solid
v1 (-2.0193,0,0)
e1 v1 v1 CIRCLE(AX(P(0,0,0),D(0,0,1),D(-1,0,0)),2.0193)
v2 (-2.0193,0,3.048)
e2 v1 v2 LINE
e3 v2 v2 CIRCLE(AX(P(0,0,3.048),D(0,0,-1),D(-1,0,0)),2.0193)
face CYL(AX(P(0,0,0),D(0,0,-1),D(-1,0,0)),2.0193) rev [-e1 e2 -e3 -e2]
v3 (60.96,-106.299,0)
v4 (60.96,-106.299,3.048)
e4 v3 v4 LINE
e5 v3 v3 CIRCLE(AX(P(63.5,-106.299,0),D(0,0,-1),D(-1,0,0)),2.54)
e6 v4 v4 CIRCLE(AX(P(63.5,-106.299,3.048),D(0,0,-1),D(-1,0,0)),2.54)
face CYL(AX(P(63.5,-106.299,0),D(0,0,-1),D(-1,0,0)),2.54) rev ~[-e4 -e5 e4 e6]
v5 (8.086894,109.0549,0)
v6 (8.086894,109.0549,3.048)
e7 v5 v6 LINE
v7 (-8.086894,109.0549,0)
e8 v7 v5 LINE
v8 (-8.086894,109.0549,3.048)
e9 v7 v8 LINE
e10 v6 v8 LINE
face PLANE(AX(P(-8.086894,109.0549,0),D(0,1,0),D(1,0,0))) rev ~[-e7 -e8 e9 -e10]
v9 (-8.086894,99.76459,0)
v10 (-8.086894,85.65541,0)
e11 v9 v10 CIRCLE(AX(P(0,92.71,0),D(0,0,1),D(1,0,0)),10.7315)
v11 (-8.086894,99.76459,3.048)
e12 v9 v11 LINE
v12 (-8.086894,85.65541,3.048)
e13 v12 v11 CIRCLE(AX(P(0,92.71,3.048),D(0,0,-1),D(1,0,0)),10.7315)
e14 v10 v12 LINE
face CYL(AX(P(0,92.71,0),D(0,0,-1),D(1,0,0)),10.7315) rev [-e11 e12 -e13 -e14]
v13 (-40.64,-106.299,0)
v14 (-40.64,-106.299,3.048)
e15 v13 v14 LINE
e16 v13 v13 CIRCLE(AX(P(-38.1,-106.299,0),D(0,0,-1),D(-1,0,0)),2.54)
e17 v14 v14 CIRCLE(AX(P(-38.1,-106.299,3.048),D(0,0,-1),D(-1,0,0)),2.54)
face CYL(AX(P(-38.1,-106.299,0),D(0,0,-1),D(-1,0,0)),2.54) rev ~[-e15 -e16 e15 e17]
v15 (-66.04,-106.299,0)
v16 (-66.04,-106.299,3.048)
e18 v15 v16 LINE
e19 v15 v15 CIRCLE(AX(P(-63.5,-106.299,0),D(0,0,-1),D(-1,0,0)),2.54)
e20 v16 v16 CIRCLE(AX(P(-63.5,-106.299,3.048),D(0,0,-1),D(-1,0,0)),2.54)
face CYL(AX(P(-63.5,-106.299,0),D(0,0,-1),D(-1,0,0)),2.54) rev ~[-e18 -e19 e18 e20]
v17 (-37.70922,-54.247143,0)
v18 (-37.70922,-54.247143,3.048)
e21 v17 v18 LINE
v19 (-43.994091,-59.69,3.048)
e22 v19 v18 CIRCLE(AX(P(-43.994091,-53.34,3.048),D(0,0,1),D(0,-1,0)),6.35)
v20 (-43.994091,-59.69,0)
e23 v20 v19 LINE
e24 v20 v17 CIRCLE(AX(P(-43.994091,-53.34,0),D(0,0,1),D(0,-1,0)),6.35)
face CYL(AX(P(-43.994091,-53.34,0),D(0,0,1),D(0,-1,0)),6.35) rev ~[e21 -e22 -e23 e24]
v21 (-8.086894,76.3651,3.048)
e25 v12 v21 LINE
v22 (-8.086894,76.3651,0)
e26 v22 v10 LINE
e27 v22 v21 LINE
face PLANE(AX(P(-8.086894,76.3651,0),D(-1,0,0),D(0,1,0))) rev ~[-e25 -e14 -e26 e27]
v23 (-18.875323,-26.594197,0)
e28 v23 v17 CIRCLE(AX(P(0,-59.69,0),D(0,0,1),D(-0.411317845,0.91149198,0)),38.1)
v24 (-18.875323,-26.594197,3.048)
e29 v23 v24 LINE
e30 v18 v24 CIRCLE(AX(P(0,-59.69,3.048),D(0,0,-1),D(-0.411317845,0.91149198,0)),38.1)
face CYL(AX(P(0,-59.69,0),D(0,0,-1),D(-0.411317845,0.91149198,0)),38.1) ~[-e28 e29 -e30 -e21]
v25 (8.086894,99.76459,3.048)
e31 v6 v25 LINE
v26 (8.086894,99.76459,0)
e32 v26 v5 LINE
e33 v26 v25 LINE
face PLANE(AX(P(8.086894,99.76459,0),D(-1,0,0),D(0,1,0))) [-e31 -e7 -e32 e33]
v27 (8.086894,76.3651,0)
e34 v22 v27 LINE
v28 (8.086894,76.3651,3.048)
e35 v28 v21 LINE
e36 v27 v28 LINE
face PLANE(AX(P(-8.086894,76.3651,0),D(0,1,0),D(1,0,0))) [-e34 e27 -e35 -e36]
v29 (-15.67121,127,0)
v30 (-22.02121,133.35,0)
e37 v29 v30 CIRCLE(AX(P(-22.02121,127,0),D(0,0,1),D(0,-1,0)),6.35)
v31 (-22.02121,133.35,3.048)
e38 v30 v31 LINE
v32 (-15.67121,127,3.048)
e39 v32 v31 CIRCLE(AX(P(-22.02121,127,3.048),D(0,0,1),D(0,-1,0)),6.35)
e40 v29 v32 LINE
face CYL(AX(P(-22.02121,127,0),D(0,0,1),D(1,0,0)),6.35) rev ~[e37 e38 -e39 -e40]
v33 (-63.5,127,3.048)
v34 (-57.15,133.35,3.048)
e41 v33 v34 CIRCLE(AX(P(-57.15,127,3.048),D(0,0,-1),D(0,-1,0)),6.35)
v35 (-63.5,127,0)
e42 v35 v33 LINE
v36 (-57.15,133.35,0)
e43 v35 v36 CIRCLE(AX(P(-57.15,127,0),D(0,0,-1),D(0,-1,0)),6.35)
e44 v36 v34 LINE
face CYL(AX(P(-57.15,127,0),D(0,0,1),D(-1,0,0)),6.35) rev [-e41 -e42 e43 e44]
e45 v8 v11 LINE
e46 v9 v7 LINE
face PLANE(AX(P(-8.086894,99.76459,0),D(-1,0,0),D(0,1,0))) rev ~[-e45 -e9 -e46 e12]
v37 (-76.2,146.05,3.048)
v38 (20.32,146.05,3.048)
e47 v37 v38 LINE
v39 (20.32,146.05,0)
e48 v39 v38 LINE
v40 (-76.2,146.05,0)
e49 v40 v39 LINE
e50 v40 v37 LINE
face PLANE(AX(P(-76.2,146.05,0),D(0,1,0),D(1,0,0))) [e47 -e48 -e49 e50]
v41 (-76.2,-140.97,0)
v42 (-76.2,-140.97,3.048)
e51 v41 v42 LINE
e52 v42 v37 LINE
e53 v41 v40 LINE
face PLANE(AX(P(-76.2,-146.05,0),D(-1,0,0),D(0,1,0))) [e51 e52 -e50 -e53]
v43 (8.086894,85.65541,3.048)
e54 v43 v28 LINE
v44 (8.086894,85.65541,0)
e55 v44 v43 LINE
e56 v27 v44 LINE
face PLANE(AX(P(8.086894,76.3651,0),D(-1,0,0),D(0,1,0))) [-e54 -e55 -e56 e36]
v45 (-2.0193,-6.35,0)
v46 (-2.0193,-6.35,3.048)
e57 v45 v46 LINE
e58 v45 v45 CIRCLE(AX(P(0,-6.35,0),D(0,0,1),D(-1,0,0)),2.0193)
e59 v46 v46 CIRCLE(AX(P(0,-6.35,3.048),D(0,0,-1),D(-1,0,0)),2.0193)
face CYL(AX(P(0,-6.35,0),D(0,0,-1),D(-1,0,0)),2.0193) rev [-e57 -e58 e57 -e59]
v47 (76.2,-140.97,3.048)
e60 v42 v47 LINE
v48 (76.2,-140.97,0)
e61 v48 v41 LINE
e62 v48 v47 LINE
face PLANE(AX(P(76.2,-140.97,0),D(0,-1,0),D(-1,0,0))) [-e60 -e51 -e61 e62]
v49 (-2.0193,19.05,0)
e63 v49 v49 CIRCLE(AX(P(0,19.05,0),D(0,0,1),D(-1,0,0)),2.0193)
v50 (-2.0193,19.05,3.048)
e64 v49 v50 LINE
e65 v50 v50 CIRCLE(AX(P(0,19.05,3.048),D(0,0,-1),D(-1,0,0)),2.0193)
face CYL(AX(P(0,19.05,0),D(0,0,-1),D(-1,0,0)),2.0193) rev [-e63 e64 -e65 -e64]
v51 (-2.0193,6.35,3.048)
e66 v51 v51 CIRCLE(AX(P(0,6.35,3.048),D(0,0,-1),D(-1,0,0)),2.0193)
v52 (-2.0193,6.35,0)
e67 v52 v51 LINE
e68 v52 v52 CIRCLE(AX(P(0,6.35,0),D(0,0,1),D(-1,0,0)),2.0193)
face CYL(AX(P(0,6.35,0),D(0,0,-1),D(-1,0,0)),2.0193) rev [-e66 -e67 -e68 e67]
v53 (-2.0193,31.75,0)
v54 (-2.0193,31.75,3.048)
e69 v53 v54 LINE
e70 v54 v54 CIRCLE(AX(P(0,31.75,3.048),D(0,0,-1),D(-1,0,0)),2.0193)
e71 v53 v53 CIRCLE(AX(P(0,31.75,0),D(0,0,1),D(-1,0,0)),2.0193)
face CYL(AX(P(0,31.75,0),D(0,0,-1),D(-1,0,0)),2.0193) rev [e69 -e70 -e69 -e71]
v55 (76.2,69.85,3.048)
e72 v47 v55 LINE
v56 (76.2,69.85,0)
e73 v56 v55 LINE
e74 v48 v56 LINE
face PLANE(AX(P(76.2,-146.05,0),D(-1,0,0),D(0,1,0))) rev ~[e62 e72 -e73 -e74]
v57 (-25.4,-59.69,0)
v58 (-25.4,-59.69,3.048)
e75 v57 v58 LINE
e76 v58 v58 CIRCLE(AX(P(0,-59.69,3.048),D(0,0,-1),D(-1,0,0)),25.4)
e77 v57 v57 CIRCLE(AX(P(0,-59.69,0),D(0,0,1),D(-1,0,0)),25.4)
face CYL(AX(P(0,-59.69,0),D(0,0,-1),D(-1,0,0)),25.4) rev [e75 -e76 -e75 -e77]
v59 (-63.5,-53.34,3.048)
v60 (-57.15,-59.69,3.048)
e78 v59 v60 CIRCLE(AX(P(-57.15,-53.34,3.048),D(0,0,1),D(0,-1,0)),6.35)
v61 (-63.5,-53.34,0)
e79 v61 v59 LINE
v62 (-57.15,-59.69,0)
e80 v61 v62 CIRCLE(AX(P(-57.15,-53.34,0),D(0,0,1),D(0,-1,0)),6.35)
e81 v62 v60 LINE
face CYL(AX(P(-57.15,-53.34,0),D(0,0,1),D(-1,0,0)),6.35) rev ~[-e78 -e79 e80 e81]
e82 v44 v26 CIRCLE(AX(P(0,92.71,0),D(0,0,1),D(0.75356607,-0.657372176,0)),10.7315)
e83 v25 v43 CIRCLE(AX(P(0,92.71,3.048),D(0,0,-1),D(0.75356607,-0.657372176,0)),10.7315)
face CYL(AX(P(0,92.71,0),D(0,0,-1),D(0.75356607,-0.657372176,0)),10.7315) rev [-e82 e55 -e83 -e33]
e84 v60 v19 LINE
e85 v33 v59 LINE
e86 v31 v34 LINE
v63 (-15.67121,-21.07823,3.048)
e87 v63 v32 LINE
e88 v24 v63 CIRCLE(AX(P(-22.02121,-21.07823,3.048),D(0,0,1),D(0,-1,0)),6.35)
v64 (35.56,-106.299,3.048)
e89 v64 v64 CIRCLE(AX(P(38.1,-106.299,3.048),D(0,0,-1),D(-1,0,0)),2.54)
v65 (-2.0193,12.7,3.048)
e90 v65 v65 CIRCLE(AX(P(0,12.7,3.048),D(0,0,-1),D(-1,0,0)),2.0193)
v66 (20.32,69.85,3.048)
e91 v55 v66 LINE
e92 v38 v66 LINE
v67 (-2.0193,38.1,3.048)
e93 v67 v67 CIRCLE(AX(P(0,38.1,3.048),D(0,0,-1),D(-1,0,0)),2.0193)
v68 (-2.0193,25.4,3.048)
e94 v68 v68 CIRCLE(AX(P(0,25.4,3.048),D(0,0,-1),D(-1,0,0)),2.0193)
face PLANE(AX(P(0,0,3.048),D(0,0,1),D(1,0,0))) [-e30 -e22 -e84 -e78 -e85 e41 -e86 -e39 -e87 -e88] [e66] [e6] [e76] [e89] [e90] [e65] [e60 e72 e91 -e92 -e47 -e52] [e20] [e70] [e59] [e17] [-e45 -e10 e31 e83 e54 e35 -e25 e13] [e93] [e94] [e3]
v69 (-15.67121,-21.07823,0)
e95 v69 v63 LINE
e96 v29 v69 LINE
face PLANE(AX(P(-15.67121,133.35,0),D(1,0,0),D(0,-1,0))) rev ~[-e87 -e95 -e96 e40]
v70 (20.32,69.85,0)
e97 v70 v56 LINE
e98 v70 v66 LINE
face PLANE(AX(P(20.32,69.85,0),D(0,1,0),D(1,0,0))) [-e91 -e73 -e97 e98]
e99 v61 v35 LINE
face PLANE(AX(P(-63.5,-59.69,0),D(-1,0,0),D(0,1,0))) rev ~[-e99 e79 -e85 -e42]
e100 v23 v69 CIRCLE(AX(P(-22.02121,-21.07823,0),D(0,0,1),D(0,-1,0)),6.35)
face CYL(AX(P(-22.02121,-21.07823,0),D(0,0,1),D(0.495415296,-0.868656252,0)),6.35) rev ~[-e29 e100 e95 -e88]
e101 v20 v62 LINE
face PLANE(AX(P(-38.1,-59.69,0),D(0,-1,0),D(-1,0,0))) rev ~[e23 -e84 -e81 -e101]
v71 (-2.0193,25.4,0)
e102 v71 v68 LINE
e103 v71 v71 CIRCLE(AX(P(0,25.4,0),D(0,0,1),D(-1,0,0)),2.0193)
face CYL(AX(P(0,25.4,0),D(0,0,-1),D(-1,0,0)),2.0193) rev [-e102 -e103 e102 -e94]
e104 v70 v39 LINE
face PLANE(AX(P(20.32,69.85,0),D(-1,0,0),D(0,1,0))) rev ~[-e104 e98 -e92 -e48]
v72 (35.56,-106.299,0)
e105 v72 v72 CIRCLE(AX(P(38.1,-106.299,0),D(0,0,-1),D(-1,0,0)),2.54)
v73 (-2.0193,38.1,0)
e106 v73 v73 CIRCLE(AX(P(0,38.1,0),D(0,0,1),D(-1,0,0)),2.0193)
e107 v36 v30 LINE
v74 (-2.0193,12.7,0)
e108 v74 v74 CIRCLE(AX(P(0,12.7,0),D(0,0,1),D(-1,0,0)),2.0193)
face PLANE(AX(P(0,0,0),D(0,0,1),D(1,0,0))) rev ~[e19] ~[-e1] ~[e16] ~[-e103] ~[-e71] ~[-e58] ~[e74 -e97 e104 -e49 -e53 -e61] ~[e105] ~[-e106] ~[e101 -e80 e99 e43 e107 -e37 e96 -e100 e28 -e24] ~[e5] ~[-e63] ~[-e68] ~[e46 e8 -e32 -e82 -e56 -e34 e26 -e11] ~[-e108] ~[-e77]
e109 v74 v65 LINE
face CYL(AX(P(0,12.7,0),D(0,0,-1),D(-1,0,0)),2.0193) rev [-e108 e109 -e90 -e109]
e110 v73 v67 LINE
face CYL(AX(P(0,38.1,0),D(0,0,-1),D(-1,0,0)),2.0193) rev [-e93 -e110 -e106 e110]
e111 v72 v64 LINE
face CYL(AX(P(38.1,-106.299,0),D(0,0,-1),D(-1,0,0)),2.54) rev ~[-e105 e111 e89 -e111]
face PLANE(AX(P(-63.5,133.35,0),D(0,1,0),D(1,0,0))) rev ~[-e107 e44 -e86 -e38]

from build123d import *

# Parameters (mm, degrees)
SKETCH1_W           = 152.4
SKETCH1_H           = 292.1
BOSS_EXTRUDE1_DEPTH = 3.048
SKETCH2_R           = 25.4
SKETCH2_R_2         = 10.7315
SKETCH2_R_3         = 2.0193
SKETCH2_W           = 16.173788568
SKETCH2_H           = 32.6898
CUT_EXTRUDE1_DEPTH  = 165.761442103
SKETCH4_W           = 55.88
SKETCH4_H           = 76.2
CUT_EXTRUDE2_DEPTH  = 165.761442103
SKETCH5_R           = 2.54
CUT_EXTRUDE3_DEPTH  = 165.761442103
SKETCH6_W           = 152.4
SKETCH6_H           = 5.08
CUT_EXTRUDE4_DEPTH  = 165.761442103
CUT_EXTRUDE5_DEPTH  = 6.35
FILLET1_R           = 6.35


with BuildPart() as part:
    # Sketch1 → Boss-Extrude1 (new body)
    with BuildSketch(Plane.XY):
        Rectangle(SKETCH1_W, SKETCH1_H)
    extrude(amount=BOSS_EXTRUDE1_DEPTH)

    # Sketch2 → Cut-Extrude1 (cut, through all)
    with BuildSketch(Plane.XY):
        with Locations(Location((0, -59.69, 0), (0, 0, 180))):
            Circle(SKETCH2_R)
        with Locations((0, 92.71)):
            Circle(SKETCH2_R_2)
        with Locations(Location((0, 38.1, 0), (0, 0, 180))):
            Circle(SKETCH2_R_3)
        with Locations(Location((0, 31.75, 0), (0, 0, 180))):
            Circle(SKETCH2_R_3)
        with Locations(Location((0, 25.4, 0), (0, 0, 180))):
            Circle(SKETCH2_R_3)
        with Locations(Location((0, 19.05, 0), (0, 0, 180))):
            Circle(SKETCH2_R_3)
        with Locations(Location((0, 12.7, 0), (0, 0, 180))):
            Circle(SKETCH2_R_3)
        with Locations(Location((0, 6.35, 0), (0, 0, 180))):
            Circle(SKETCH2_R_3)
        with Locations(Location((0, 0, 0), (0, 0, 180))):
            Circle(SKETCH2_R_3)
        with Locations(Location((0, -6.35, 0), (0, 0, 180))):
            Circle(SKETCH2_R_3)
        with Locations((0, 92.71)):
            Rectangle(SKETCH2_W, SKETCH2_H)
    extrude(amount=CUT_EXTRUDE1_DEPTH, mode=Mode.SUBTRACT)

    # Sketch4 → Cut-Extrude2 (cut, through all)
    with BuildSketch(Plane.XY):
        with Locations((48.26, 107.95)):
            Rectangle(SKETCH4_W, SKETCH4_H)
    extrude(amount=CUT_EXTRUDE2_DEPTH, mode=Mode.SUBTRACT)

    # Sketch5 → Cut-Extrude3 (cut, through all)
    with BuildSketch(Plane(origin=(0, 0, 0), x_dir=(-1, 0, 0), z_dir=(0, 0, -1))):
        with Locations((-38.1, -106.299)):
            Circle(SKETCH5_R)
        with Locations((-63.5, -106.299)):
            Circle(SKETCH5_R)
        with Locations((63.5, -106.299)):
            Circle(SKETCH5_R)
        with Locations((38.1, -106.299)):
            Circle(SKETCH5_R)
    extrude(amount=-CUT_EXTRUDE3_DEPTH, mode=Mode.SUBTRACT)

    # Sketch6 → Cut-Extrude4 (cut, through all)
    with BuildSketch(Plane(origin=(0, 0, 0), x_dir=(-1, 0, 0), z_dir=(0, 0, -1))):
        with Locations((0, -143.51)):
            Rectangle(SKETCH6_W, SKETCH6_H)
    extrude(amount=-CUT_EXTRUDE4_DEPTH, mode=Mode.SUBTRACT)

    # Sketch7 → Cut-Extrude5 (cut)
    with BuildSketch(Plane(origin=(0, 0, 0), x_dir=(-1, 0, 0), z_dir=(0, 0, -1))):
        with BuildLine():
            Line((63.5, 133.35), (15.671209909, 133.35))
            Line((15.671209909, 133.35), (15.671209909, -24.962155552))
            ThreePointArc((15.671209909, -24.962155552), (32.005336255, -39.019527068), (38.1, -59.69))
            Line((38.1, -59.69), (63.5, -59.69))
            Line((63.5, -59.69), (63.5, 133.35))
        make_face()
    extrude(amount=-CUT_EXTRUDE5_DEPTH, mode=Mode.SUBTRACT)

    # Fillet1
    fillet1_edges = [part.edges().sort_by_distance(p)[0] for p in [
        (-38.1, -59.69, 1.524),
        (-15.671209909, -24.962155552, 1.524),
        (-15.671209909, 133.35, 1.524),
        (-63.5, 133.35, 1.524),
        (-63.5, -59.69, 1.524),
    ]]
    fillet(fillet1_edges, radius=FILLET1_R)


solid = part.part
